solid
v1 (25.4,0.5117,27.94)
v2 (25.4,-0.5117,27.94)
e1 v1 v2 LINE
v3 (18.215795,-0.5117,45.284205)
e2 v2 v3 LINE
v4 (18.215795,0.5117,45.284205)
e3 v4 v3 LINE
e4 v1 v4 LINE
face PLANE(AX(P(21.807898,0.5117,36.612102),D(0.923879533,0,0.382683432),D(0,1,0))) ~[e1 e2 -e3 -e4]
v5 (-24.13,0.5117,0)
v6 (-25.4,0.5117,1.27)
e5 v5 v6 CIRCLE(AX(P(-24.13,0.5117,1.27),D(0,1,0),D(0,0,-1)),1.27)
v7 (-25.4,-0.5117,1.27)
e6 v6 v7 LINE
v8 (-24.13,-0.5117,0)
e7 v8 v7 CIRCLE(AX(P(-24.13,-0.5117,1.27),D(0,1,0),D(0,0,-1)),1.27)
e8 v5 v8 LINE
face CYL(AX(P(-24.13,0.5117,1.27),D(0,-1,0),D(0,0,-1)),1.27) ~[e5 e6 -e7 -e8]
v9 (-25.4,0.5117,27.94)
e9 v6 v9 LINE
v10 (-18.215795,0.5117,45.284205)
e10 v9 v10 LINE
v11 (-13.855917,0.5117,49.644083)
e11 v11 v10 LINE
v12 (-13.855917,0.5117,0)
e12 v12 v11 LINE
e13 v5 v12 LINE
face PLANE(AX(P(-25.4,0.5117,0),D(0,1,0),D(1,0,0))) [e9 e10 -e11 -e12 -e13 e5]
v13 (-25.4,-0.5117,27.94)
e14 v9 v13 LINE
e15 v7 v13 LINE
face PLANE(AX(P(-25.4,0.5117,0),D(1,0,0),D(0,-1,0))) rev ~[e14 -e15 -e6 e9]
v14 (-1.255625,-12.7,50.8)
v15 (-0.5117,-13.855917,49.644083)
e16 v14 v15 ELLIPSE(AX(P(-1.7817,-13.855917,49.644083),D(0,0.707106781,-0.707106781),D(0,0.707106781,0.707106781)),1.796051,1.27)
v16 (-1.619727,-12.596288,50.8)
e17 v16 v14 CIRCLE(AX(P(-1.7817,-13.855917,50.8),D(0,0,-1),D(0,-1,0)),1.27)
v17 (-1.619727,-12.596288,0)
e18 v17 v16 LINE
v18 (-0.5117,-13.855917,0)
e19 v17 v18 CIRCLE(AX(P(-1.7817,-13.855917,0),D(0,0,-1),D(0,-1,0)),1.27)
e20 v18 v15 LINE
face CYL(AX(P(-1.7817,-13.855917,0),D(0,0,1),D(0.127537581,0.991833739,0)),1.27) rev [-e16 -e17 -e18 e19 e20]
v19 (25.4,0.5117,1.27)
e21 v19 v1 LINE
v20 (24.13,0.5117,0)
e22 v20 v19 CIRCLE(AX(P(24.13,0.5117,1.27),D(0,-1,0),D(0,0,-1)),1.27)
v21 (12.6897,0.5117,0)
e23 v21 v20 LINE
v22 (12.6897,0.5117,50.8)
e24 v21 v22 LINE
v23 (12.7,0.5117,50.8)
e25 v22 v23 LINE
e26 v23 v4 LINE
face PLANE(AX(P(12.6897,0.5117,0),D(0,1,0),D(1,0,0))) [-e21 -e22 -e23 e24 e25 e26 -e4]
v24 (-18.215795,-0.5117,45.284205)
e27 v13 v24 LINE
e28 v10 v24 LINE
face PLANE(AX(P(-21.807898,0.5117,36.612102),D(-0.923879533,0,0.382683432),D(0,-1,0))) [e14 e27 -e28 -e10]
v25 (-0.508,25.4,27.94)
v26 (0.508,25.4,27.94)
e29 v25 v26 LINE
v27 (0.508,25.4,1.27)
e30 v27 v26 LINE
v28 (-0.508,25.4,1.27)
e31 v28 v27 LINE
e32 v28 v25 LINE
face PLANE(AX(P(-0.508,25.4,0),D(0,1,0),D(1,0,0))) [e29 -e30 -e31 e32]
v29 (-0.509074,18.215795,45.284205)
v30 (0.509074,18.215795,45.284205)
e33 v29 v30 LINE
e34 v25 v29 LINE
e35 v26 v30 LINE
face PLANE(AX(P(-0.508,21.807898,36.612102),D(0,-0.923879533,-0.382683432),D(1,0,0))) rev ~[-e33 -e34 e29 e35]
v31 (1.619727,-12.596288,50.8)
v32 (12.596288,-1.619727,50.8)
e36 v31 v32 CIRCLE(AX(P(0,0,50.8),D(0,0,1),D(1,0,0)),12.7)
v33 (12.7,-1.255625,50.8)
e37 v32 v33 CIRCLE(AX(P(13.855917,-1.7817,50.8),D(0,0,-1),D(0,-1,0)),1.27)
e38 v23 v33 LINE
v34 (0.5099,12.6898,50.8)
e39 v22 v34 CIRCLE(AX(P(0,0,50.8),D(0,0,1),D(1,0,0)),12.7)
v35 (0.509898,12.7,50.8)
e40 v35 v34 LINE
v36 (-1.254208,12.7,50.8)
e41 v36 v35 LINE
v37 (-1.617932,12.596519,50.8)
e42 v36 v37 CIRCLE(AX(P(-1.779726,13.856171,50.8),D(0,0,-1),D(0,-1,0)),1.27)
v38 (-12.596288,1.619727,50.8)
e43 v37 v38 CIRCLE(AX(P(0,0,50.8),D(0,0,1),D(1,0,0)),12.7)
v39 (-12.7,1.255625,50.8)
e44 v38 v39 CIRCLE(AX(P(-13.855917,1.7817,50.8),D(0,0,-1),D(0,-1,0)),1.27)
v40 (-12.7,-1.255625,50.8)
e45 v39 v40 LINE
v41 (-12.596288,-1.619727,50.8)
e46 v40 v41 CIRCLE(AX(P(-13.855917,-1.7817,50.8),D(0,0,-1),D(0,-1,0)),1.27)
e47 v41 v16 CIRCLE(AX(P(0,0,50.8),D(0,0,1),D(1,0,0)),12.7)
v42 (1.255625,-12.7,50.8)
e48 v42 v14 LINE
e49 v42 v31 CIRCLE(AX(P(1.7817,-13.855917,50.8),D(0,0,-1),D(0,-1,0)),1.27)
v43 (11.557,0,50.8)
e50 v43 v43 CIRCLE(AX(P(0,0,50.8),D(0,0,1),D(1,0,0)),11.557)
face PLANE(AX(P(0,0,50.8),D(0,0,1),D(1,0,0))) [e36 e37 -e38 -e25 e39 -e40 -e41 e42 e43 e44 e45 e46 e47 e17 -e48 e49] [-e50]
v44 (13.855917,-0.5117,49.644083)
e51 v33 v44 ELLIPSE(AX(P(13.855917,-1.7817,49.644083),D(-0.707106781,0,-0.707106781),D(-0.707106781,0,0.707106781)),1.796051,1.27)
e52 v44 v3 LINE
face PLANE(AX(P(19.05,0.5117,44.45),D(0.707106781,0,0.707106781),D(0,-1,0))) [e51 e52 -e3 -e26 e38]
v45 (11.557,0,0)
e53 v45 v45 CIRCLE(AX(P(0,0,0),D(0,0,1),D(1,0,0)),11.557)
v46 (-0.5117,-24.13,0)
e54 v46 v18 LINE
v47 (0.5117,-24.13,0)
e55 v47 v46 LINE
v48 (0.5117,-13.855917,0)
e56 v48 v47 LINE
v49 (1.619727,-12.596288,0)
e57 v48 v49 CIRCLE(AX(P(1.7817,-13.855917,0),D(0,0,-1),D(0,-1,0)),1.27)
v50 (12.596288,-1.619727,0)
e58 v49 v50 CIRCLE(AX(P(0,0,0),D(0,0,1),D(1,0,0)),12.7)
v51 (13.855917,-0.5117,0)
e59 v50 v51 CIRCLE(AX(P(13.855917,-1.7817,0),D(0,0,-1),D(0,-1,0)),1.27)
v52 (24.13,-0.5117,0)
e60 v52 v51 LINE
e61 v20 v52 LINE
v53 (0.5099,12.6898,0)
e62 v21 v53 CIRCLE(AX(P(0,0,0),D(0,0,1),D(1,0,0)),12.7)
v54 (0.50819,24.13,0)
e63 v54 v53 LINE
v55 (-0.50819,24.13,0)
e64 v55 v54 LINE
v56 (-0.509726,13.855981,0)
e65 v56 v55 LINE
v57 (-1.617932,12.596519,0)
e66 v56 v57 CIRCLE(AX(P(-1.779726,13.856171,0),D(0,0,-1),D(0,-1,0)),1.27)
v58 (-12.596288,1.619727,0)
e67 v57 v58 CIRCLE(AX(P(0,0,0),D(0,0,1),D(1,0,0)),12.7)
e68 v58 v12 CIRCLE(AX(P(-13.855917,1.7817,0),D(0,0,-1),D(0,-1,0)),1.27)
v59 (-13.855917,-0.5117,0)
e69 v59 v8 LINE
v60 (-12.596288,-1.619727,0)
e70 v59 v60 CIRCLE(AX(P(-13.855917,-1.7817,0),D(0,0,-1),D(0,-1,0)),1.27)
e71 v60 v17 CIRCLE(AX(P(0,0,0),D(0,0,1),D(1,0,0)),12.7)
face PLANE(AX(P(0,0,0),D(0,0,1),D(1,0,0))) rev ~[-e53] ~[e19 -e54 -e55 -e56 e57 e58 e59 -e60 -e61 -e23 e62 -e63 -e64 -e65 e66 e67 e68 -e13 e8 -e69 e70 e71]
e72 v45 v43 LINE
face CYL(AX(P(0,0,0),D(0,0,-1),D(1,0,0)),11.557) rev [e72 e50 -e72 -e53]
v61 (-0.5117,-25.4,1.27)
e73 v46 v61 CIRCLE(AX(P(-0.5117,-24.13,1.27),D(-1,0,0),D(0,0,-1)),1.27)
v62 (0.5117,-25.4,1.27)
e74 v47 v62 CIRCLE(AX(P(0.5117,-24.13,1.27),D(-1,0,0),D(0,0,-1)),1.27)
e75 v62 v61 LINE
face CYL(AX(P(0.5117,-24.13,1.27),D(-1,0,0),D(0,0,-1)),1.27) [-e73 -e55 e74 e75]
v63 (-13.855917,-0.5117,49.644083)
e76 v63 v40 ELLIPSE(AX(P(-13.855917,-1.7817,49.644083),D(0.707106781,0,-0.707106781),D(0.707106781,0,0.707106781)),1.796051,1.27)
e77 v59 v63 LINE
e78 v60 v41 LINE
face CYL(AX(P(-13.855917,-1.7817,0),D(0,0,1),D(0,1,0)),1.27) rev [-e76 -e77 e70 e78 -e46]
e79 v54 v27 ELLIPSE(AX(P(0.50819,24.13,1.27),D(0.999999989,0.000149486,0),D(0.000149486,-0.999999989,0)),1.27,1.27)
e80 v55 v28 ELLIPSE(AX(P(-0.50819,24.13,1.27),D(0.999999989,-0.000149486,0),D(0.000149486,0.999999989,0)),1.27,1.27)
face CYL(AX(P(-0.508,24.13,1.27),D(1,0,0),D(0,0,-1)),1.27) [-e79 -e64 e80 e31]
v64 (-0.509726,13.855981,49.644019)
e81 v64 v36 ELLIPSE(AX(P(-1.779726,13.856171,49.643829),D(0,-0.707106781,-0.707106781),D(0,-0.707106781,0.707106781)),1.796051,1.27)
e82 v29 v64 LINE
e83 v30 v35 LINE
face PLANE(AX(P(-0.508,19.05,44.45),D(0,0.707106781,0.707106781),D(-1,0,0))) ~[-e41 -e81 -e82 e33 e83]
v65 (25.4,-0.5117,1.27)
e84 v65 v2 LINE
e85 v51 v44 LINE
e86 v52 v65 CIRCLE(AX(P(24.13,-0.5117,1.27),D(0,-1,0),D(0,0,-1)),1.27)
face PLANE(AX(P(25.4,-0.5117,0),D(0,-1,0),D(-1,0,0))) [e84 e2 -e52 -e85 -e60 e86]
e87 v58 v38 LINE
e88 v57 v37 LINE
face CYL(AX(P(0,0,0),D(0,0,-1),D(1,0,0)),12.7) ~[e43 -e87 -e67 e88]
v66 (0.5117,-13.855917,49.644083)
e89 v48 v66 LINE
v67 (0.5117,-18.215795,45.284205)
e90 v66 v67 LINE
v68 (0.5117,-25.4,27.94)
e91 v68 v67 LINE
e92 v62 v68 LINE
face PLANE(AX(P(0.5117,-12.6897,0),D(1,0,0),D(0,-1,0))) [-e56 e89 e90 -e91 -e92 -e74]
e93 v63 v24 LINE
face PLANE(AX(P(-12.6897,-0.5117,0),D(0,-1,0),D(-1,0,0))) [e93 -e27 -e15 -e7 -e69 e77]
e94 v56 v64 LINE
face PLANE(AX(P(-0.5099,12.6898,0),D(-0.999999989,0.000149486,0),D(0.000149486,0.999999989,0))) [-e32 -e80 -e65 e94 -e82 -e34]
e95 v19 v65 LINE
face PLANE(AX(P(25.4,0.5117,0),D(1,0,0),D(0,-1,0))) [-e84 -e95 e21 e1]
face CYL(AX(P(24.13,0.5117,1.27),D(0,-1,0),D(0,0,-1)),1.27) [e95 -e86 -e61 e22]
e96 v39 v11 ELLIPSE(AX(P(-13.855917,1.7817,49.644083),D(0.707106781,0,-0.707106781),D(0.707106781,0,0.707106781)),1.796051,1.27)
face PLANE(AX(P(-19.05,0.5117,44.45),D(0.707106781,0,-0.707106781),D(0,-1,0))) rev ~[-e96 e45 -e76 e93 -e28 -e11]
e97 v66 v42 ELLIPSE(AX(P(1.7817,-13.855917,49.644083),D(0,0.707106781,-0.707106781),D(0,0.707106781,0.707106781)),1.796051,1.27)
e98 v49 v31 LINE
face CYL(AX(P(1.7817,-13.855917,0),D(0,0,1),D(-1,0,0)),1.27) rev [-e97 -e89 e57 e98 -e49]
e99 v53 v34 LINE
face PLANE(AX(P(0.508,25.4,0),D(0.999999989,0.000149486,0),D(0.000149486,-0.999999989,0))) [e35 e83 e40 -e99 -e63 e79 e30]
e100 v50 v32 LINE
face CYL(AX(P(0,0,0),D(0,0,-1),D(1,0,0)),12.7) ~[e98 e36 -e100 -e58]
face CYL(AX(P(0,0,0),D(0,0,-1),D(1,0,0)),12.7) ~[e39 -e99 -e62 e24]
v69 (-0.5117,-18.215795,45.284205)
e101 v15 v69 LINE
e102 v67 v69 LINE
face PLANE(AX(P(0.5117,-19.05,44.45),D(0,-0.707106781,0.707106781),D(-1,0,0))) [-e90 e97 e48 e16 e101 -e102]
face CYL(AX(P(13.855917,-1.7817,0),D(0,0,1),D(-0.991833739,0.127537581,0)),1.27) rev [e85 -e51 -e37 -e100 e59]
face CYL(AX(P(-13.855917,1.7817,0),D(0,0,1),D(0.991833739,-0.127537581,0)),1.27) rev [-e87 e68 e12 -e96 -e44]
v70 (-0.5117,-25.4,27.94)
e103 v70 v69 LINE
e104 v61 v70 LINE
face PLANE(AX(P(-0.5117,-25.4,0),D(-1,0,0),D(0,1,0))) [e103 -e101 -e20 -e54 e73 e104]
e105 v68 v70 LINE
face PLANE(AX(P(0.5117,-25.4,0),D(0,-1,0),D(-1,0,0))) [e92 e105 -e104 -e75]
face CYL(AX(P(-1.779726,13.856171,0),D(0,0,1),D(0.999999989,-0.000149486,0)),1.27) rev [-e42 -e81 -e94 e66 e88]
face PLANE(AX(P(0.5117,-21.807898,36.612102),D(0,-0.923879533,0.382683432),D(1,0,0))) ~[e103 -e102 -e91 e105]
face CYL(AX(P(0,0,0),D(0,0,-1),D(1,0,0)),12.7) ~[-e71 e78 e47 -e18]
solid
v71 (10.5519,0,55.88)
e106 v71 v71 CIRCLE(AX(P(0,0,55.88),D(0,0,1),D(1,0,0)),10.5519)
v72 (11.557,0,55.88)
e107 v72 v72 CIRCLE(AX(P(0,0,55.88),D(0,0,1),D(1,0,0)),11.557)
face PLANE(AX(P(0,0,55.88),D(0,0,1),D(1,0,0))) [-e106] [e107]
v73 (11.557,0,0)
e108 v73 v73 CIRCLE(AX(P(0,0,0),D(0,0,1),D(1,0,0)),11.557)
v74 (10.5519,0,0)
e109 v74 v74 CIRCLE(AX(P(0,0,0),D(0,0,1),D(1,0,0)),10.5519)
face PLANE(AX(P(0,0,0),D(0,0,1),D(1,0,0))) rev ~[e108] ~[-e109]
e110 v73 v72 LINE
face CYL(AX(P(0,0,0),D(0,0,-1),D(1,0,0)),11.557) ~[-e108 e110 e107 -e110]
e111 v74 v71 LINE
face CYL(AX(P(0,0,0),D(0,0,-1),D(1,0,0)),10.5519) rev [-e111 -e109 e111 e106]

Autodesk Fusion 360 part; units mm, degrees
sketch "Sketch1" plane through (0, 0, 0) normal (0, 0, 1) x (1, 0, 0)
  line L0 (0.508, 25.4) -> (0.5099, 12.6898)
  line L1 (-0.5117, -25.4) -> (-0.5117, -12.6897)
  circle A0 centre (0, 0) radius 12.7
  line L2 (-12.6897, -0.5117) -> (-25.4, -0.5117)
  line L3 (12.6897, 0.5117) -> (25.4, 0.5117)
  line L4 (-0.5099, 12.6898) -> (-0.508, 25.4)
  line L5 (-25.4, 0.5117) -> (-25.4, -0.5117)
  circle A1 centre (0, 0) radius 11.557
  line L6 (0.5117, -25.4) -> (-0.5117, -25.4)
  line L7 (-25.4, 0.5117) -> (-12.6897, 0.5117)
  line L8 (0.5117, -12.6897) -> (0.5117, -25.4)
  line L9 (-0.508, 25.4) -> (0.508, 25.4)
  line L10 (25.4, 0.5117) -> (25.4, -0.5117)
  line L11 (1.016, 25.521) -> (0, 25.521)
  line L12 (25.4, -0.5117) -> (12.6897, -0.5117)
  circle A2 centre (0, 0) radius 10.5519
  dimension "d2" = -1.143
  dimension "d1" = 25.4
  dimension "d8" = 1.016
extrude "Extrude2" add sketch "Sketch1" along normal blind 55.88 contours A1 makes body 1
extrude "Extrude1" add sketch "Sketch1" along normal blind 50.8 separate body contours L0 A0 L4 L9 | A0 | A0 L3 L10 L12 | A0 L2 L5 L7 | L1 A0 L6 L8 makes body 2
chamfer "Chamfer1" distance 12.7 angle 45 4 edges at (25.4, 0, 50.8) (0, -25.4, 50.8) (0, 25.4, 50.8) (-25.4, 0, 50.8) on bodies 2
chamfer "Chamfer2" distance 10.16 angle 45 4 edges at (25.4, 0, 38.1) (0, -25.4, 38.1) (-25.4, 0, 38.1) (0, 25.4, 38.1) on bodies 2
fillet "Fillet1" radius 1.27 6 edges at (-0.5099, 12.6898, 25.4) (-12.6897, 0.5117, 25.4) (-12.6897, -0.5117, 25.4) (-0.5117, -12.6897, 25.4) (0.5117, -12.6897, 25.4) (12.6897, -0.5117, 25.4) on bodies 2
fillet "Fillet2" radius 1.27 4 edges at (25.4, 0, 0) (0, 25.4, 0) (-25.4, 0, 0) (0, -25.4, 0) on bodies 2
